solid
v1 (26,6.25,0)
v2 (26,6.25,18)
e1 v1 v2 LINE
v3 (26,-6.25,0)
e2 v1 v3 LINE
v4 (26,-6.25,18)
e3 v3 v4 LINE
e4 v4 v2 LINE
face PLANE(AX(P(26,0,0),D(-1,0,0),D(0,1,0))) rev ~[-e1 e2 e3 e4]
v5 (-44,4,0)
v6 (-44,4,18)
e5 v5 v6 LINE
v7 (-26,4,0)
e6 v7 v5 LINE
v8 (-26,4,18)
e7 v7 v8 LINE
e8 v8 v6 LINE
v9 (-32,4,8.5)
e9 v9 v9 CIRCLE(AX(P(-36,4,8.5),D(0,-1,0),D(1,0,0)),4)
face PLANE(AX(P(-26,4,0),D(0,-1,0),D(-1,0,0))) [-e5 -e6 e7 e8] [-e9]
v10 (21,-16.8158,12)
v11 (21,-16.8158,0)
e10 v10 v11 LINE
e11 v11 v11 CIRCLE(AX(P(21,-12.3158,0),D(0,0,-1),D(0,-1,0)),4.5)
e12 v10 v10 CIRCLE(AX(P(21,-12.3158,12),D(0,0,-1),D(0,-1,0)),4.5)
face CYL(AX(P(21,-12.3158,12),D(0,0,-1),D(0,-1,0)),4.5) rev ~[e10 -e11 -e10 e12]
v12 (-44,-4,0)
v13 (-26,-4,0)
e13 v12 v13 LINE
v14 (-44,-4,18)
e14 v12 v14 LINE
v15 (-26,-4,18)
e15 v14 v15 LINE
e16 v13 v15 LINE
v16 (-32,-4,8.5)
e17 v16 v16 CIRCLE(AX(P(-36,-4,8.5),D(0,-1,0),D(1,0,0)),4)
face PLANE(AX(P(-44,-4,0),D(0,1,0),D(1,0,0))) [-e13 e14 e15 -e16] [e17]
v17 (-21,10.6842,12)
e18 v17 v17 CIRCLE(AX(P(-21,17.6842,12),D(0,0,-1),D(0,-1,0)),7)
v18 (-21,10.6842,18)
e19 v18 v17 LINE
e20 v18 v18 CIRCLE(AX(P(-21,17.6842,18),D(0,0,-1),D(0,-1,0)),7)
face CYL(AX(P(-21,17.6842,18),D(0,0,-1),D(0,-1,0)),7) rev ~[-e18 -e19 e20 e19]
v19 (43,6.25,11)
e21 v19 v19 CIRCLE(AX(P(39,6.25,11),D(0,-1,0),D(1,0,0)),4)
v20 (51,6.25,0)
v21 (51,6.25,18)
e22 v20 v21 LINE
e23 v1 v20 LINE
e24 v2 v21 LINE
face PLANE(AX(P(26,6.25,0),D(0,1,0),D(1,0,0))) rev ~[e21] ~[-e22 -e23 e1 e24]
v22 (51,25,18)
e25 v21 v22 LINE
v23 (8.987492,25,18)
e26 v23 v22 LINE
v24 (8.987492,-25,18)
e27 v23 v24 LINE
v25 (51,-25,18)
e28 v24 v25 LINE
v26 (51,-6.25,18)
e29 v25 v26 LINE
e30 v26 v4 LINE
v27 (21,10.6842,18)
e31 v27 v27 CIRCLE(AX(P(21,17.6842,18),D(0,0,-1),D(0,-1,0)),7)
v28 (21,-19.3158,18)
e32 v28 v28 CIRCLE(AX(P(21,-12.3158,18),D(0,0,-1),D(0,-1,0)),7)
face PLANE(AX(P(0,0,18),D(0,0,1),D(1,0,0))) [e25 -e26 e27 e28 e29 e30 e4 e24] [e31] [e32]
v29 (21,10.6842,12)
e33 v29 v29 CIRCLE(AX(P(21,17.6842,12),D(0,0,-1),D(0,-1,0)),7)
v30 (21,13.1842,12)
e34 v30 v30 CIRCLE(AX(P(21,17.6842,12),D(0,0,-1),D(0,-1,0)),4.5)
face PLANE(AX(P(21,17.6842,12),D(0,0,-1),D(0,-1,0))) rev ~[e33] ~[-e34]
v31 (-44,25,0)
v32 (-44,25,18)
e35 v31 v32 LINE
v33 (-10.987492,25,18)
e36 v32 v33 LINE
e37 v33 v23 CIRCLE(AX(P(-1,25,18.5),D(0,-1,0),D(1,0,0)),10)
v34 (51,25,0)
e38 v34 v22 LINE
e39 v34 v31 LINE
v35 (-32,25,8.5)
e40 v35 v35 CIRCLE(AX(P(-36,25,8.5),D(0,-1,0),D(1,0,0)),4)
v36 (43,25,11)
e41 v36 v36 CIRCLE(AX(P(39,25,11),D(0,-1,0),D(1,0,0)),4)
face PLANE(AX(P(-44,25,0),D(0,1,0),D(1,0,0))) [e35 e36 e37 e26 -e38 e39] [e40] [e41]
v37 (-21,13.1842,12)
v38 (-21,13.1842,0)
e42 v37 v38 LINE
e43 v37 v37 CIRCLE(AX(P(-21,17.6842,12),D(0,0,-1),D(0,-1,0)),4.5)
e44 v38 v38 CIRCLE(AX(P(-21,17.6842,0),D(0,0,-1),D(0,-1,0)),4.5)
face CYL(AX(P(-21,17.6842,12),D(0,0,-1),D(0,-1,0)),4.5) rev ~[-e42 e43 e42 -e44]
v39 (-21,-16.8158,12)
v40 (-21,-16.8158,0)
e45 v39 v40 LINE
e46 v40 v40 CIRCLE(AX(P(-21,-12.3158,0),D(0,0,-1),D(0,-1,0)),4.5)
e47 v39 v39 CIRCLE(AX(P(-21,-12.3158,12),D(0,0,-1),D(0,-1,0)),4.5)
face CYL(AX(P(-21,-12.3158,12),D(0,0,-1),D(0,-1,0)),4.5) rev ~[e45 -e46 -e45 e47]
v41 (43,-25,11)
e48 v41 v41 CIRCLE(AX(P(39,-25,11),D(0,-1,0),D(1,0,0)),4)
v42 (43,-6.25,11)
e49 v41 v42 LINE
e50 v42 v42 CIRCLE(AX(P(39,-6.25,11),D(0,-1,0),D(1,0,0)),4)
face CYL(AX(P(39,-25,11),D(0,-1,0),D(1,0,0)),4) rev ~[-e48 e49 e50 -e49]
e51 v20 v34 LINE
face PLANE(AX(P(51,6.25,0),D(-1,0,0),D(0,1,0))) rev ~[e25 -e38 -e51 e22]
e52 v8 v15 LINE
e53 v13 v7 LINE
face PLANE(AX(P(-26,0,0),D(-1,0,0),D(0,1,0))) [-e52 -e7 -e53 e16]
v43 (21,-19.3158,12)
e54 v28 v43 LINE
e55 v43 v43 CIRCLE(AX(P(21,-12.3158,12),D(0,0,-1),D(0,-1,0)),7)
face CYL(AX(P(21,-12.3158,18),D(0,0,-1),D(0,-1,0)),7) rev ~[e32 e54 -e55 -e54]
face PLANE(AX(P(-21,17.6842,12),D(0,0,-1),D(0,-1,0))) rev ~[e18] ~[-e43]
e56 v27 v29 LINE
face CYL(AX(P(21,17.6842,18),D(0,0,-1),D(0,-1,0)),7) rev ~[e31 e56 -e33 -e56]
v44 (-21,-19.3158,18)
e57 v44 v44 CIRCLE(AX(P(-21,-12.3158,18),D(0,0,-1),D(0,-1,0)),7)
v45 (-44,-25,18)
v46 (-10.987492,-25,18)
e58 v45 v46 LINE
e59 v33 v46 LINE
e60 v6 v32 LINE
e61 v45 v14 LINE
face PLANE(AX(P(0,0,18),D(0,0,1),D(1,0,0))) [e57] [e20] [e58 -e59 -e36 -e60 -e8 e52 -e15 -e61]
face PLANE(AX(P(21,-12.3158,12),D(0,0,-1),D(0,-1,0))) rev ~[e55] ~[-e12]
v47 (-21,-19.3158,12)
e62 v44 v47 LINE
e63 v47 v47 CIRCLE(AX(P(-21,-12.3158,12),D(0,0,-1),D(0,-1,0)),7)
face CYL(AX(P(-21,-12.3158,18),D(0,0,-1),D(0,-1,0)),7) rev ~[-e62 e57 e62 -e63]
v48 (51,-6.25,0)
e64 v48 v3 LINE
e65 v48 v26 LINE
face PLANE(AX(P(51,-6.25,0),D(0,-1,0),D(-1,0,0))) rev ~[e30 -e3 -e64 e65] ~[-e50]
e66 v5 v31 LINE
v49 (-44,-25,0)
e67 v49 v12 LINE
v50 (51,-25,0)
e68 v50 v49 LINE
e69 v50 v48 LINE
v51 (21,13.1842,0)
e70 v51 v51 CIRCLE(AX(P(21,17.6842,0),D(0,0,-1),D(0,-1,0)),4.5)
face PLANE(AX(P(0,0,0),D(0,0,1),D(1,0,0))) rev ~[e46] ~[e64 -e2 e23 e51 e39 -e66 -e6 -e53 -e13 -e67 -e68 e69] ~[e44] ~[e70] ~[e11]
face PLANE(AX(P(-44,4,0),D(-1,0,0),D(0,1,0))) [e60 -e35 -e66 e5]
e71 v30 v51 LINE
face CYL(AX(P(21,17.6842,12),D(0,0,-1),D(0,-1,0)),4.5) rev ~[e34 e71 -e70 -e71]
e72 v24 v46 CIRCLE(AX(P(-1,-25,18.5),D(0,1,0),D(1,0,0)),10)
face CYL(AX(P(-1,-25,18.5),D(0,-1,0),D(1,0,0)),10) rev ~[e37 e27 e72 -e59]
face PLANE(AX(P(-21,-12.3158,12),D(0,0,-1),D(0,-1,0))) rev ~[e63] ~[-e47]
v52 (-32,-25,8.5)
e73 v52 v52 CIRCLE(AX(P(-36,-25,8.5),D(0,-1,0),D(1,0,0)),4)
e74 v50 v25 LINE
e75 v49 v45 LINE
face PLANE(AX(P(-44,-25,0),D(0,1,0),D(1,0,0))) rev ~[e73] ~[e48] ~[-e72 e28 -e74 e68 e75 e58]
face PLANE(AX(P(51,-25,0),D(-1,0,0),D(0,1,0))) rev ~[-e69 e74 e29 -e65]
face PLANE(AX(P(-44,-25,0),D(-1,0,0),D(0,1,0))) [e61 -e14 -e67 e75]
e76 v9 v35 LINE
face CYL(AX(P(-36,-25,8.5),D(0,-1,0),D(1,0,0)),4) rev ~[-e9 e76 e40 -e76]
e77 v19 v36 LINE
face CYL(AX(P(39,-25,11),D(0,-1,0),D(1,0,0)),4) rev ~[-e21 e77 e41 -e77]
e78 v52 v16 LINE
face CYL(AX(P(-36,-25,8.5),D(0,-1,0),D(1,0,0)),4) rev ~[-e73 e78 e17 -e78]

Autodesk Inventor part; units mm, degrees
ref_plane "YZ Plane" through (0, 0, 0) normal (1, 0, 0) x (0, 1, 0)
ref_plane "XZ Plane" through (0, 0, 0) normal (0, 1, 0) x (-1, 0, 0)
ref_plane "XY Plane" through (0, 0, 0) normal (0, 0, 1) x (1, 0, 0)
sketch "Szkic2" plane through (0, 0, 0) normal (0, 0, 1) x (1, 0, 0)
  line L0 (-44, 25) -> (51, 25)
  line L1 (-44, -25) -> (51, -25)
  line L2 (51, -25) -> (51, -6.25)
  line L3 (51, -6.25) -> (26, -6.25)
  line L4 (26, -6.25) -> (26, 6.25)
  line L5 (26, 6.25) -> (51, 6.25)
  line L6 (51, 6.25) -> (51, 25)
  line L7 (-44, -25) -> (-44, -4)
  line L8 (-44, -4) -> (-26, -4)
  line L9 (-26, -4) -> (-26, 4)
  line L10 (-26, 4) -> (-44, 4)
  line L11 (-44, 4) -> (-44, 25)
  line L12 (0, 35) -> (0, -35) projected
  line L13 (-63, 0) -> (70, 0) projected
  point P0 (0, 0)
  dimension "d7" = 95
  dimension "d8" = 25
  dimension "d9" = 12.5
  dimension "d10" = 18
  dimension "d11" = 50
  dimension "d12" = 8
extrude "Wyciągnięcie proste1" add sketch "Szkic2" along normal blind 18
sketch "Szkic3" plane through (-44, -25, 0) normal (0, -1, 0) x (1, 0, 0)
  line L0 (0, 0) -> (95, 0) projected
  line L1 (95, 0) -> (95, 18) projected
  line L2 (0, 18) -> (95, 18) projected
  line L3 (0, 0) -> (0, 18) projected
  circle A0 centre (8, 8.5) radius 4
  circle A1 centre (83, 11) radius 4
  circle A2 centre (43, 18.5) radius 10
  point P0 (44, 0)
  dimension "d16" = 11
  dimension "d19" = 9.5
  dimension "d21" = 20
  dimension "d22" = 43
  dimension "d23" = 40
  dimension "d24" = 35
  dimension "d25" = 8
  dimension "d26" = 0.5
  dimension "d27" = 8
extrude "Wyciągnięcie proste2" cut sketch "Szkic3" against normal through all contours A2 L2 | L2 A2 | A0 | A1
sketch "Szkic4" plane through (0, 0, 18) normal (0, 0, 1) x (1, 0, 0)
  line L0 (0, 35) -> (0, -35) projected
  line L1 (-63, 0) -> (70, 0) projected
  point P0 (0, 0)
  point P1 (21, -12.3158)
  point P2 (21, 17.6842)
  point P3 (-21, 17.6842)
  point P4 (-21, -12.3158)
  dimension "d30" = 42
  dimension "d31" = 30
hole "Otwór1" at (21, -12.3158, 18) at (21, 17.6842, 18) at (-21, 17.6842, 18) at (-21, -12.3158, 18) direction (0, 0, -1) diameter 9 depth 20 tip angle 118 counterbore diameter 14 counterbore depth 6
properties part number "Podstawa"
